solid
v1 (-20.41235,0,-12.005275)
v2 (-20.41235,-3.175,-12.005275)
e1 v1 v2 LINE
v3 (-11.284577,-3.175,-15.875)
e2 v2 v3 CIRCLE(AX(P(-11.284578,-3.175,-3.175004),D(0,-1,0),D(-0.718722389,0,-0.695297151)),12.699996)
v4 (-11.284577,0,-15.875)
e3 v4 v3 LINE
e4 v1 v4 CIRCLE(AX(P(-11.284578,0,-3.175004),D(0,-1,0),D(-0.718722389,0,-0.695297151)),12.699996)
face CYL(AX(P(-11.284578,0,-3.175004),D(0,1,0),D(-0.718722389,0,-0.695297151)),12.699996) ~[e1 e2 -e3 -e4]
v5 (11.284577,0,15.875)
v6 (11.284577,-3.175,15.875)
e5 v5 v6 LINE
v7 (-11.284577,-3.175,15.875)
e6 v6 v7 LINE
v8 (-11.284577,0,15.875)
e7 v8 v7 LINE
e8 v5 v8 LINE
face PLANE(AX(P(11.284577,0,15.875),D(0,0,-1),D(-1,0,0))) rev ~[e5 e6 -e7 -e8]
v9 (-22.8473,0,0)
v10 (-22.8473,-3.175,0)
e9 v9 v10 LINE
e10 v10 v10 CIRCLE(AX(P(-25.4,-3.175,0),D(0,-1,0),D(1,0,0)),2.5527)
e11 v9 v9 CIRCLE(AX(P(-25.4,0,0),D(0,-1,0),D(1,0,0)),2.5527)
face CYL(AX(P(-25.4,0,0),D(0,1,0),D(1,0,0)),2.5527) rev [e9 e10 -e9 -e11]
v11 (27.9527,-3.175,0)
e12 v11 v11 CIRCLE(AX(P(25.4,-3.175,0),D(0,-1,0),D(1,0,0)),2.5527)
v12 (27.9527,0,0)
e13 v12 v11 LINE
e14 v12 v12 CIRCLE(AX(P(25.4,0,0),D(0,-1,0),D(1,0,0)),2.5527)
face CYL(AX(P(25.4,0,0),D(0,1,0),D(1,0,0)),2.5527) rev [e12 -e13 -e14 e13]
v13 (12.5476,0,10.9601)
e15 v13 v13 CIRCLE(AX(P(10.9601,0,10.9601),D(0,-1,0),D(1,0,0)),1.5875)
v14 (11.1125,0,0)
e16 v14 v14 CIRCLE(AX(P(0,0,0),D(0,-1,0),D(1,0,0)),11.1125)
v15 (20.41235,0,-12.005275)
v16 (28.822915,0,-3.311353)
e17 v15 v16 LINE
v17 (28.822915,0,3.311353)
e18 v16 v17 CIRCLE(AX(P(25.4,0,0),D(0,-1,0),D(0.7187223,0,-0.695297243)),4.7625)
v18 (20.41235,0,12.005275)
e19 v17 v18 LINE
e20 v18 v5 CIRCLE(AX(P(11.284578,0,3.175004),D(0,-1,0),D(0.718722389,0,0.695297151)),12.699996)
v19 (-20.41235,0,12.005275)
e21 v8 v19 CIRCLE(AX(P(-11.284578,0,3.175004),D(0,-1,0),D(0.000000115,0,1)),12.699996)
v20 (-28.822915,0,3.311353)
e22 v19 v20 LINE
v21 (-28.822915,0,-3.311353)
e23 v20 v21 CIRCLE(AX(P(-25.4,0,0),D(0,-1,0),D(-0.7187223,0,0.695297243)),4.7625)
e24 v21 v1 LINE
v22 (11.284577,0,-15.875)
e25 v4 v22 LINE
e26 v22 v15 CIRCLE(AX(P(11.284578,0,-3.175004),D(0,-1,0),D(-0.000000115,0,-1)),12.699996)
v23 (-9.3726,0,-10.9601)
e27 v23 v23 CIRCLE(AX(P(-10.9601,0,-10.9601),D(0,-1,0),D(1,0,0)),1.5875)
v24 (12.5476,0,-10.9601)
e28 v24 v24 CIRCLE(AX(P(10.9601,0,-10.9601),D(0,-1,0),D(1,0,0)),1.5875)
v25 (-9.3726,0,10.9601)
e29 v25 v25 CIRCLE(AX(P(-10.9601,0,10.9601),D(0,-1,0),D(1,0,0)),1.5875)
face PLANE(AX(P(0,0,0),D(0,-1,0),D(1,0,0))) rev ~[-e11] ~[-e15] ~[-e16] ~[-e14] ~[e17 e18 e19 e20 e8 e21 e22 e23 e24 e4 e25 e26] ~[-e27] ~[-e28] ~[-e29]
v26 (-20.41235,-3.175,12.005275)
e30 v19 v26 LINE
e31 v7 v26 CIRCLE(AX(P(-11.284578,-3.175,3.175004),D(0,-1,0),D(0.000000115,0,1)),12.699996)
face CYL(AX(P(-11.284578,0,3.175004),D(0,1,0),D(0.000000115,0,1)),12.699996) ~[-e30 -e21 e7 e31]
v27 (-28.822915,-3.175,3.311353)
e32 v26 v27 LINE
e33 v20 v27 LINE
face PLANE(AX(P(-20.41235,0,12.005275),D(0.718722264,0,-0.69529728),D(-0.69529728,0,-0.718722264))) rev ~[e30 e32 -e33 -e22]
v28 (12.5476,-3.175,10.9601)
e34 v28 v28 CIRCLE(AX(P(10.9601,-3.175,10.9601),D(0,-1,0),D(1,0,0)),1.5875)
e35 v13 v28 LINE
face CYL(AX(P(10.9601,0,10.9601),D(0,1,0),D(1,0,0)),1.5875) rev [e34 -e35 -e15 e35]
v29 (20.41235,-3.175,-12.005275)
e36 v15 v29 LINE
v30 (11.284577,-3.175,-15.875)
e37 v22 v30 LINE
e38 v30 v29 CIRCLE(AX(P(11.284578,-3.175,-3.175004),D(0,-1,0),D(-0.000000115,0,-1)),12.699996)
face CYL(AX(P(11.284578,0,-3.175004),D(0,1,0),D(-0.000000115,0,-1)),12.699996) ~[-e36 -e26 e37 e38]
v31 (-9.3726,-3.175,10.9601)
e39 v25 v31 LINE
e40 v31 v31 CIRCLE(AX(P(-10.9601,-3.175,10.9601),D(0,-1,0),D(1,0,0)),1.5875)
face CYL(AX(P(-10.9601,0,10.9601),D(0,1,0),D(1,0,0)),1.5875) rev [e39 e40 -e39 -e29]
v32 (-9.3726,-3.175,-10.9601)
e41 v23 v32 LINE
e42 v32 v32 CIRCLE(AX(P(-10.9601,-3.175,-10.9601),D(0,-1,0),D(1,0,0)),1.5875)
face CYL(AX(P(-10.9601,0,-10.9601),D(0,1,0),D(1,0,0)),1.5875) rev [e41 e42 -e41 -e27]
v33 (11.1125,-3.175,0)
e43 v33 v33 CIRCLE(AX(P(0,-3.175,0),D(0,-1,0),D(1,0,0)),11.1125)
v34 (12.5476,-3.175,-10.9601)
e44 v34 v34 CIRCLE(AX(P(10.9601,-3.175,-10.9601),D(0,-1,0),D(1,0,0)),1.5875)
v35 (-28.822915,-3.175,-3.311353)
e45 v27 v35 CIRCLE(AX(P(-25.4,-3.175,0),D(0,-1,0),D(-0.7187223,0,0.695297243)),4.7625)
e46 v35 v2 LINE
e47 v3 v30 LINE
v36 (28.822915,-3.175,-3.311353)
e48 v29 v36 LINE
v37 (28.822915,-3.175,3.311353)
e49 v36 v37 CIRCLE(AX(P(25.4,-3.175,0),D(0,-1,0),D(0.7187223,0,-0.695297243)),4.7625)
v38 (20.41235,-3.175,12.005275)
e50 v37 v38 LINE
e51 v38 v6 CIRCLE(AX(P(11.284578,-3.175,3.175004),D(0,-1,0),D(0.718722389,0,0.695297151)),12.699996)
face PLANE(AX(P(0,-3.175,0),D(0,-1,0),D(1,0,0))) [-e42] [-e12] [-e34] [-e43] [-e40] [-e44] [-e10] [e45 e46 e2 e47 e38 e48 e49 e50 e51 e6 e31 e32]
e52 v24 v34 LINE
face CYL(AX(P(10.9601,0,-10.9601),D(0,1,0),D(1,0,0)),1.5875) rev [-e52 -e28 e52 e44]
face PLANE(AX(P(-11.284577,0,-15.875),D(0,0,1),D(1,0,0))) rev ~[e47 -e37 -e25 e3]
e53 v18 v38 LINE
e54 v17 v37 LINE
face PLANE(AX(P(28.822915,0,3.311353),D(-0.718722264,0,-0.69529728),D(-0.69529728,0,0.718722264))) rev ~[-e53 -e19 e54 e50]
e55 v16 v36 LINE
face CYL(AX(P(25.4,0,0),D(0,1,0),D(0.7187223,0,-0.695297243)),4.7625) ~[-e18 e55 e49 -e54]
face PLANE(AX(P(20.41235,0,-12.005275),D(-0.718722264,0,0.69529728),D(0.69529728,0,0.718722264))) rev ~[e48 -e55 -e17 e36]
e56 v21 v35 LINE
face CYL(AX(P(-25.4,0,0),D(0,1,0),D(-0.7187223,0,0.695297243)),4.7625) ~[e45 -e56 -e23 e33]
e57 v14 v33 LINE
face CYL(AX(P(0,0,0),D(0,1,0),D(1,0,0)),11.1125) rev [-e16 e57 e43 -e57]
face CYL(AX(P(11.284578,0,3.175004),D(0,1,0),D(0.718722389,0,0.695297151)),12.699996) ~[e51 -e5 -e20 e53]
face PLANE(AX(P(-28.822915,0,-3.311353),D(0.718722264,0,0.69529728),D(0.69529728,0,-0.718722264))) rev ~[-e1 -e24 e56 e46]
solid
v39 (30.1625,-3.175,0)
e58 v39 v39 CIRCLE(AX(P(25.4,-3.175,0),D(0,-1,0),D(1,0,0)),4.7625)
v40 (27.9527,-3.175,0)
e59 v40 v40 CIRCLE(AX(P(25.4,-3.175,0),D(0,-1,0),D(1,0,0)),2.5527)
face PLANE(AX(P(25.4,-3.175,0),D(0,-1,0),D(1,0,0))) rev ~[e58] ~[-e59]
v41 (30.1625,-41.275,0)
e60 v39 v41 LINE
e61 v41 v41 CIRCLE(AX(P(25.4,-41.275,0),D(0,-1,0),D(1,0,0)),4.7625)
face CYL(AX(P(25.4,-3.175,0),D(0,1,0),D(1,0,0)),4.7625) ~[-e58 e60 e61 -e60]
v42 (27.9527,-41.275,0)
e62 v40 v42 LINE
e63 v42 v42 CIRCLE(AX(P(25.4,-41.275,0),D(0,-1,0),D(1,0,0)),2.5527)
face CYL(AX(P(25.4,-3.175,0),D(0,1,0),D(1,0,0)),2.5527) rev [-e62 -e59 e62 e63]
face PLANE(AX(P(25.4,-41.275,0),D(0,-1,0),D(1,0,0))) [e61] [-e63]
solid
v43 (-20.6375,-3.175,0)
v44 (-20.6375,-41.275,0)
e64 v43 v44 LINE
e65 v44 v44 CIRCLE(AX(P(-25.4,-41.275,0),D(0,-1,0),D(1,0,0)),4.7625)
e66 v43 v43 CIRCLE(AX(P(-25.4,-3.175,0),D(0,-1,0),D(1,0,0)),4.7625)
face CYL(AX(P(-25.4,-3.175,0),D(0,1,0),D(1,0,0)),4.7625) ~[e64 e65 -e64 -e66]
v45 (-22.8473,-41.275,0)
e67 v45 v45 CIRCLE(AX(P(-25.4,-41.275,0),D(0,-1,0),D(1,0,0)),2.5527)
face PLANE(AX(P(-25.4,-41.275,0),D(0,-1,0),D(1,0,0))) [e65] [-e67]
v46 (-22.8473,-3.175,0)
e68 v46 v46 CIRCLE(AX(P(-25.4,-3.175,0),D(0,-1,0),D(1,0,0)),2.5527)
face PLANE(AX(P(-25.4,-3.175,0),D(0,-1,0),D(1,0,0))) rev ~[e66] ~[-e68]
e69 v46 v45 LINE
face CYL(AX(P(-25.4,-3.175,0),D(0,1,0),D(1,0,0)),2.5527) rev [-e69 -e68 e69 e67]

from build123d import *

# Parameters (mm, degrees)
F0_R     = 1.5875
F0_R_2   = 2.5527
F0_R_3   = 11.1125
F1_DEPTH = 3.175
F2_R     = 4.7625
F2_R_2   = 2.5527
F3_DEPTH = 38.1


with BuildPart() as f1:
    # F0 (on Front) → F1 (new body)
    with BuildSketch(Plane.XZ):
        with BuildLine():
            Line((-20.41235, 12.005275), (-28.822915, 3.311353))
            ThreePointArc((-28.822915, 3.311353), (-30.1625, 0), (-28.822915, -3.311353))
            Line((-28.822915, -3.311353), (-20.41235, -12.005275))
            ThreePointArc((-20.41235, -12.005275), (-16.241669, -14.867615), (-11.284577, -15.875))
            Line((-11.284577, -15.875), (11.284577, -15.875))
            ThreePointArc((11.284577, -15.875), (16.241669, -14.867615), (20.41235, -12.005275))
            Line((20.41235, -12.005275), (28.822915, -3.311353))
            ThreePointArc((28.822915, -3.311353), (30.1625, 0), (28.822915, 3.311353))
            Line((28.822915, 3.311353), (20.41235, 12.005275))
            ThreePointArc((20.41235, 12.005275), (16.241669, 14.867615), (11.284577, 15.875))
            Line((11.284577, 15.875), (-11.284577, 15.875))
            ThreePointArc((-11.284577, 15.875), (-16.241669, 14.867615), (-20.41235, 12.005275))
        make_face()
        with Locations((-10.9601, -10.9601)):
            Circle(F0_R, mode=Mode.SUBTRACT)
        with Locations((10.9601, -10.9601)):
            Circle(F0_R, mode=Mode.SUBTRACT)
        with Locations((-25.4, 0)):
            Circle(F0_R_2, mode=Mode.SUBTRACT)
        Circle(F0_R_3, mode=Mode.SUBTRACT)
        with Locations((-10.9601, 10.9601)):
            Circle(F0_R, mode=Mode.SUBTRACT)
        with Locations((25.4, 0)):
            Circle(F0_R_2, mode=Mode.SUBTRACT)
        with Locations((10.9601, 10.9601)):
            Circle(F0_R, mode=Mode.SUBTRACT)
    extrude(amount=F1_DEPTH)


with BuildPart() as f3:
    # F2 (on face) → F3 (new body)
    with BuildSketch(Plane.XZ.offset(3.175)):
        with Locations((-25.4, 0)):
            Circle(F2_R)
        with Locations((-25.4, 0)):
            Circle(F2_R_2, mode=Mode.SUBTRACT)
        with Locations((25.4, 0)):
            Circle(F2_R)
        with Locations((25.4, 0)):
            Circle(F2_R_2, mode=Mode.SUBTRACT)
    extrude(amount=F3_DEPTH)


solid = Compound([f1.part, f3.part])
